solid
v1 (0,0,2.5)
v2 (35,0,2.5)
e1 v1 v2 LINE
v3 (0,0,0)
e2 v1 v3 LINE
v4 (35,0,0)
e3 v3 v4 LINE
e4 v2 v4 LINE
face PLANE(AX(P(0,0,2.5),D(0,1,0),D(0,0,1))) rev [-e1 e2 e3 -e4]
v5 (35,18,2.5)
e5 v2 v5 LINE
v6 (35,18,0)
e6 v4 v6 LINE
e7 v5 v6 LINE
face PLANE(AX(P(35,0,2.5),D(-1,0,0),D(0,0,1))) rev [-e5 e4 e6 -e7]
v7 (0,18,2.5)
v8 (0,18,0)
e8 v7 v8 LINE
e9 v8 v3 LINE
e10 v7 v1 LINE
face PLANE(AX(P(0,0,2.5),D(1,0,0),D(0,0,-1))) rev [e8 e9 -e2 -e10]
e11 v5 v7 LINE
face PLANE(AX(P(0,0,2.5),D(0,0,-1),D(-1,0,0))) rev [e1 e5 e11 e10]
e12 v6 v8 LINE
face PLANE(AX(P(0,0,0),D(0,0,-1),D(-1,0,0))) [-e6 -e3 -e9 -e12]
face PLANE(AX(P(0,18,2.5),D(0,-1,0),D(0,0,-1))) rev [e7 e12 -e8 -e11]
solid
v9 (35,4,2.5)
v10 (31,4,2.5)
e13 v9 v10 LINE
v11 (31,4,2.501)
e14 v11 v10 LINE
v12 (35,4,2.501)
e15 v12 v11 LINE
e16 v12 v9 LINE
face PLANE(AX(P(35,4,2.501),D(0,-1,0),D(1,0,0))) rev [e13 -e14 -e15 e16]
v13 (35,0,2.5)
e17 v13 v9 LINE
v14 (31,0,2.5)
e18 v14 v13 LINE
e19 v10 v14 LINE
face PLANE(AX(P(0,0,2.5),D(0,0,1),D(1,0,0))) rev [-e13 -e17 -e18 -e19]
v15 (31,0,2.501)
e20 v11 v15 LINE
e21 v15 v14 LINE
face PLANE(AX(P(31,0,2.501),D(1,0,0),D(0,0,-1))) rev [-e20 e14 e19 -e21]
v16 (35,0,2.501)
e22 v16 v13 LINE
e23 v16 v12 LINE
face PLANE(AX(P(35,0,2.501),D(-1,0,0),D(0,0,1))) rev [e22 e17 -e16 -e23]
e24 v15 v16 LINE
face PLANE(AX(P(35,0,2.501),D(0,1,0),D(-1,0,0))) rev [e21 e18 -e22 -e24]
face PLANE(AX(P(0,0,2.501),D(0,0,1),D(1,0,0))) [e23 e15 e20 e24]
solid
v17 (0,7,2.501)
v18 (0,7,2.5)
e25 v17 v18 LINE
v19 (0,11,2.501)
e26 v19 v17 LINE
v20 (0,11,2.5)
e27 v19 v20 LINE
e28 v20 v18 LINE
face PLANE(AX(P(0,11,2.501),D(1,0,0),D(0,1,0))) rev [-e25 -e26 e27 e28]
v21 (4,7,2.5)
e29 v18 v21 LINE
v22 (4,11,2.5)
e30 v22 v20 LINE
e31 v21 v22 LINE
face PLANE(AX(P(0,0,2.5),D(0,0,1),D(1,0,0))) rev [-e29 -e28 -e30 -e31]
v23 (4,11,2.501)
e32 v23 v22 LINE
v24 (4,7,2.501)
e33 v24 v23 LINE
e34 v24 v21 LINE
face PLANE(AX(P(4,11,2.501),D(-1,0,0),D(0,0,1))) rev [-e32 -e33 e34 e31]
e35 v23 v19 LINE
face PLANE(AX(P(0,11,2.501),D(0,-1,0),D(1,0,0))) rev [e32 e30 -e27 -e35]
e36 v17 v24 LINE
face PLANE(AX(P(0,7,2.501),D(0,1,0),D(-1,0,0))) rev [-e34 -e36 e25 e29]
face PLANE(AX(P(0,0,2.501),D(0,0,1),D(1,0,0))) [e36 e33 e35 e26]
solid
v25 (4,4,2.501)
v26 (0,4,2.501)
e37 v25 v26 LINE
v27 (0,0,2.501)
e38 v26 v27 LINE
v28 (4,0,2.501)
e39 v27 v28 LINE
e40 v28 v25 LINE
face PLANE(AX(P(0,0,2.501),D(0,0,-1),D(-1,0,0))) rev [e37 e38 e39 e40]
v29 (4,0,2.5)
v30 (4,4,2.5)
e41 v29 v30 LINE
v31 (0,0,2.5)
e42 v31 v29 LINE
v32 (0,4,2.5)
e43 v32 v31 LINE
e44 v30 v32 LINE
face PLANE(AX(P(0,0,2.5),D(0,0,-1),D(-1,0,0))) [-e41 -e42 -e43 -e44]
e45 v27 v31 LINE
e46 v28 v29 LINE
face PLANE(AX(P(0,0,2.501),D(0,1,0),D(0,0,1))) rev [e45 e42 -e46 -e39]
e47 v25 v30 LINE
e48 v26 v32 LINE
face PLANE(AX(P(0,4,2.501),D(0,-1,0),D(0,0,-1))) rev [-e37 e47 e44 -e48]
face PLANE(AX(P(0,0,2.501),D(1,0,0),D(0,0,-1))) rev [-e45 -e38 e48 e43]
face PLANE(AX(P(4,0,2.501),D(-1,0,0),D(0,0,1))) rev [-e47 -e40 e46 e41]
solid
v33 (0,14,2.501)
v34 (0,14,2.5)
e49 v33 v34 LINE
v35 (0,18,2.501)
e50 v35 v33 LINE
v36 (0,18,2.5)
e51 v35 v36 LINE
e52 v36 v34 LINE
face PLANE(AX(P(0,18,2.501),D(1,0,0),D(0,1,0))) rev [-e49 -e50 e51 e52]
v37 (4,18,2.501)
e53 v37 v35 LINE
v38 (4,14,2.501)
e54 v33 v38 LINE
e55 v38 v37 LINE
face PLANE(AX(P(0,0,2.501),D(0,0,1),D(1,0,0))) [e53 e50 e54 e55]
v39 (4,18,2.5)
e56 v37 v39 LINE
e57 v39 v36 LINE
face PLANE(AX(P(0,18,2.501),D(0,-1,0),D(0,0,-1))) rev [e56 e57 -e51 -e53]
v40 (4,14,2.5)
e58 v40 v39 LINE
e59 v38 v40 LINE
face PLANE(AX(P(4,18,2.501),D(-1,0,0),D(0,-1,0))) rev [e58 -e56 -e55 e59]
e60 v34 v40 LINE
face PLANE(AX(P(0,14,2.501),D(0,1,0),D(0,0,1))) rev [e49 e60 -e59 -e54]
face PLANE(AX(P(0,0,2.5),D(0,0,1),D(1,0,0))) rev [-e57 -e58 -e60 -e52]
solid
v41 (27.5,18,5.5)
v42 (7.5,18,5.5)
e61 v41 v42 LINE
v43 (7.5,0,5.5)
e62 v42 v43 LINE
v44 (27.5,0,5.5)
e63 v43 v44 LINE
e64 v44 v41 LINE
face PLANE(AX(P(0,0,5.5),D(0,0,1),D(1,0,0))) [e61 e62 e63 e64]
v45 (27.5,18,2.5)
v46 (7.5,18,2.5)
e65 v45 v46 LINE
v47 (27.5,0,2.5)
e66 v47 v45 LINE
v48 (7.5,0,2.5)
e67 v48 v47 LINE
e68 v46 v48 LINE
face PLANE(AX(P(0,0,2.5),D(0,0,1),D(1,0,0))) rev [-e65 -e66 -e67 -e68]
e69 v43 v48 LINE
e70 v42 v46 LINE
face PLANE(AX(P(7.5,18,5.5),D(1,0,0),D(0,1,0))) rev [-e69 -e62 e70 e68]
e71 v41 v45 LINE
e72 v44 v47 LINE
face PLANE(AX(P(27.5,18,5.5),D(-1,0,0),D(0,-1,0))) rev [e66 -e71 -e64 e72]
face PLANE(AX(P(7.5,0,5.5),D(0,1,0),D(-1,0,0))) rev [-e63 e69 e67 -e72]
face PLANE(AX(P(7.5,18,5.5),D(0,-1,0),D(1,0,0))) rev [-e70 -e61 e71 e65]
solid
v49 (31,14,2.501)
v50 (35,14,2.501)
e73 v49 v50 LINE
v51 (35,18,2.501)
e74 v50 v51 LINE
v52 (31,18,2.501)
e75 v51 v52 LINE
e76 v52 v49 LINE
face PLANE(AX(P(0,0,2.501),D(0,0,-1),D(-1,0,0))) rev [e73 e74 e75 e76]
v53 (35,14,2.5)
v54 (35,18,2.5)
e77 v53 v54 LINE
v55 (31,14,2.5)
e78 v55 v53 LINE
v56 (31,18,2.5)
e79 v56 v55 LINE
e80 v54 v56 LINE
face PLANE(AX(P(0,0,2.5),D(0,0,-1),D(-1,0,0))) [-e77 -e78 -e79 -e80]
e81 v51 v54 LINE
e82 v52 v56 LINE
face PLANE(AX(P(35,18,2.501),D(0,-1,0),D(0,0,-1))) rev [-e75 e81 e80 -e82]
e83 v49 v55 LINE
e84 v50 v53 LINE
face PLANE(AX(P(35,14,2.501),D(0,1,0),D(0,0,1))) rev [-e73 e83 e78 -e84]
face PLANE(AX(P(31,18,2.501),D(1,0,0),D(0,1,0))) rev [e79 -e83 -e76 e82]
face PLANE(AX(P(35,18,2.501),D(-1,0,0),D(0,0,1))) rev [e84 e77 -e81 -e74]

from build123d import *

# Parameters (mm, degrees)
SKETCH1_W             = 35
SKETCH1_H             = 18
BOSS_EXTRUDE1_DEPTH   = 2.5
SKETCH2_W             = 20
SKETCH2_H             = 18
BOSS_EXTRUDE2_DEPTH   = 3
SKETCH3_W             = 4
SKETCH3_H             = 4
BOSS_EXTRUDE3_DEPTH   = 0.001
BOSS_EXTRUDE3_2_DEPTH = 0.001
BOSS_EXTRUDE3_3_DEPTH = 0.001
BOSS_EXTRUDE3_4_DEPTH = 0.001
BOSS_EXTRUDE3_5_DEPTH = 0.001


with BuildPart() as part:
    # Sketch1 → Boss-Extrude1 (new body)
    with BuildSketch(Plane.XY):
        with Locations((17.5, 9)):
            Rectangle(SKETCH1_W, SKETCH1_H)
    extrude(amount=BOSS_EXTRUDE1_DEPTH)


with BuildPart() as body_2:
    # Sketch2 → Boss-Extrude2 (new body)
    with BuildSketch(Plane.XY.offset(2.5)):
        with Locations((17.5, 9)):
            Rectangle(SKETCH2_W, SKETCH2_H)
    extrude(amount=BOSS_EXTRUDE2_DEPTH)


with BuildPart() as body_3:
    # Sketch3 → Boss-Extrude3 (new body)
    with BuildSketch(Plane.XY.offset(2.5)):
        with Locations((2, 16)):
            Rectangle(SKETCH3_W, SKETCH3_H)
    extrude(amount=BOSS_EXTRUDE3_DEPTH)


with BuildPart() as body_4:
    # Sketch3 → Boss-Extrude3 2 (new body)
    with BuildSketch(Plane.XY.offset(2.5)):
        with Locations((2, 9)):
            Rectangle(SKETCH3_W, SKETCH3_H)
    extrude(amount=BOSS_EXTRUDE3_2_DEPTH)


with BuildPart() as body_5:
    # Sketch3 → Boss-Extrude3 3 (new body)
    with BuildSketch(Plane.XY.offset(2.5)):
        with Locations((2, 2)):
            Rectangle(SKETCH3_W, SKETCH3_H)
    extrude(amount=BOSS_EXTRUDE3_3_DEPTH)


with BuildPart() as body_6:
    # Sketch3 → Boss-Extrude3 4 (new body)
    with BuildSketch(Plane.XY.offset(2.5)):
        with Locations((33, 16)):
            Rectangle(SKETCH3_W, SKETCH3_H)
    extrude(amount=BOSS_EXTRUDE3_4_DEPTH)


with BuildPart() as body_7:
    # Sketch3 → Boss-Extrude3 5 (new body)
    with BuildSketch(Plane.XY.offset(2.5)):
        with Locations((33, 2)):
            Rectangle(SKETCH3_W, SKETCH3_H)
    extrude(amount=BOSS_EXTRUDE3_5_DEPTH)


solid = Compound([part.part, body_2.part, body_3.part, body_4.part, body_5.part, body_6.part, body_7.part])
